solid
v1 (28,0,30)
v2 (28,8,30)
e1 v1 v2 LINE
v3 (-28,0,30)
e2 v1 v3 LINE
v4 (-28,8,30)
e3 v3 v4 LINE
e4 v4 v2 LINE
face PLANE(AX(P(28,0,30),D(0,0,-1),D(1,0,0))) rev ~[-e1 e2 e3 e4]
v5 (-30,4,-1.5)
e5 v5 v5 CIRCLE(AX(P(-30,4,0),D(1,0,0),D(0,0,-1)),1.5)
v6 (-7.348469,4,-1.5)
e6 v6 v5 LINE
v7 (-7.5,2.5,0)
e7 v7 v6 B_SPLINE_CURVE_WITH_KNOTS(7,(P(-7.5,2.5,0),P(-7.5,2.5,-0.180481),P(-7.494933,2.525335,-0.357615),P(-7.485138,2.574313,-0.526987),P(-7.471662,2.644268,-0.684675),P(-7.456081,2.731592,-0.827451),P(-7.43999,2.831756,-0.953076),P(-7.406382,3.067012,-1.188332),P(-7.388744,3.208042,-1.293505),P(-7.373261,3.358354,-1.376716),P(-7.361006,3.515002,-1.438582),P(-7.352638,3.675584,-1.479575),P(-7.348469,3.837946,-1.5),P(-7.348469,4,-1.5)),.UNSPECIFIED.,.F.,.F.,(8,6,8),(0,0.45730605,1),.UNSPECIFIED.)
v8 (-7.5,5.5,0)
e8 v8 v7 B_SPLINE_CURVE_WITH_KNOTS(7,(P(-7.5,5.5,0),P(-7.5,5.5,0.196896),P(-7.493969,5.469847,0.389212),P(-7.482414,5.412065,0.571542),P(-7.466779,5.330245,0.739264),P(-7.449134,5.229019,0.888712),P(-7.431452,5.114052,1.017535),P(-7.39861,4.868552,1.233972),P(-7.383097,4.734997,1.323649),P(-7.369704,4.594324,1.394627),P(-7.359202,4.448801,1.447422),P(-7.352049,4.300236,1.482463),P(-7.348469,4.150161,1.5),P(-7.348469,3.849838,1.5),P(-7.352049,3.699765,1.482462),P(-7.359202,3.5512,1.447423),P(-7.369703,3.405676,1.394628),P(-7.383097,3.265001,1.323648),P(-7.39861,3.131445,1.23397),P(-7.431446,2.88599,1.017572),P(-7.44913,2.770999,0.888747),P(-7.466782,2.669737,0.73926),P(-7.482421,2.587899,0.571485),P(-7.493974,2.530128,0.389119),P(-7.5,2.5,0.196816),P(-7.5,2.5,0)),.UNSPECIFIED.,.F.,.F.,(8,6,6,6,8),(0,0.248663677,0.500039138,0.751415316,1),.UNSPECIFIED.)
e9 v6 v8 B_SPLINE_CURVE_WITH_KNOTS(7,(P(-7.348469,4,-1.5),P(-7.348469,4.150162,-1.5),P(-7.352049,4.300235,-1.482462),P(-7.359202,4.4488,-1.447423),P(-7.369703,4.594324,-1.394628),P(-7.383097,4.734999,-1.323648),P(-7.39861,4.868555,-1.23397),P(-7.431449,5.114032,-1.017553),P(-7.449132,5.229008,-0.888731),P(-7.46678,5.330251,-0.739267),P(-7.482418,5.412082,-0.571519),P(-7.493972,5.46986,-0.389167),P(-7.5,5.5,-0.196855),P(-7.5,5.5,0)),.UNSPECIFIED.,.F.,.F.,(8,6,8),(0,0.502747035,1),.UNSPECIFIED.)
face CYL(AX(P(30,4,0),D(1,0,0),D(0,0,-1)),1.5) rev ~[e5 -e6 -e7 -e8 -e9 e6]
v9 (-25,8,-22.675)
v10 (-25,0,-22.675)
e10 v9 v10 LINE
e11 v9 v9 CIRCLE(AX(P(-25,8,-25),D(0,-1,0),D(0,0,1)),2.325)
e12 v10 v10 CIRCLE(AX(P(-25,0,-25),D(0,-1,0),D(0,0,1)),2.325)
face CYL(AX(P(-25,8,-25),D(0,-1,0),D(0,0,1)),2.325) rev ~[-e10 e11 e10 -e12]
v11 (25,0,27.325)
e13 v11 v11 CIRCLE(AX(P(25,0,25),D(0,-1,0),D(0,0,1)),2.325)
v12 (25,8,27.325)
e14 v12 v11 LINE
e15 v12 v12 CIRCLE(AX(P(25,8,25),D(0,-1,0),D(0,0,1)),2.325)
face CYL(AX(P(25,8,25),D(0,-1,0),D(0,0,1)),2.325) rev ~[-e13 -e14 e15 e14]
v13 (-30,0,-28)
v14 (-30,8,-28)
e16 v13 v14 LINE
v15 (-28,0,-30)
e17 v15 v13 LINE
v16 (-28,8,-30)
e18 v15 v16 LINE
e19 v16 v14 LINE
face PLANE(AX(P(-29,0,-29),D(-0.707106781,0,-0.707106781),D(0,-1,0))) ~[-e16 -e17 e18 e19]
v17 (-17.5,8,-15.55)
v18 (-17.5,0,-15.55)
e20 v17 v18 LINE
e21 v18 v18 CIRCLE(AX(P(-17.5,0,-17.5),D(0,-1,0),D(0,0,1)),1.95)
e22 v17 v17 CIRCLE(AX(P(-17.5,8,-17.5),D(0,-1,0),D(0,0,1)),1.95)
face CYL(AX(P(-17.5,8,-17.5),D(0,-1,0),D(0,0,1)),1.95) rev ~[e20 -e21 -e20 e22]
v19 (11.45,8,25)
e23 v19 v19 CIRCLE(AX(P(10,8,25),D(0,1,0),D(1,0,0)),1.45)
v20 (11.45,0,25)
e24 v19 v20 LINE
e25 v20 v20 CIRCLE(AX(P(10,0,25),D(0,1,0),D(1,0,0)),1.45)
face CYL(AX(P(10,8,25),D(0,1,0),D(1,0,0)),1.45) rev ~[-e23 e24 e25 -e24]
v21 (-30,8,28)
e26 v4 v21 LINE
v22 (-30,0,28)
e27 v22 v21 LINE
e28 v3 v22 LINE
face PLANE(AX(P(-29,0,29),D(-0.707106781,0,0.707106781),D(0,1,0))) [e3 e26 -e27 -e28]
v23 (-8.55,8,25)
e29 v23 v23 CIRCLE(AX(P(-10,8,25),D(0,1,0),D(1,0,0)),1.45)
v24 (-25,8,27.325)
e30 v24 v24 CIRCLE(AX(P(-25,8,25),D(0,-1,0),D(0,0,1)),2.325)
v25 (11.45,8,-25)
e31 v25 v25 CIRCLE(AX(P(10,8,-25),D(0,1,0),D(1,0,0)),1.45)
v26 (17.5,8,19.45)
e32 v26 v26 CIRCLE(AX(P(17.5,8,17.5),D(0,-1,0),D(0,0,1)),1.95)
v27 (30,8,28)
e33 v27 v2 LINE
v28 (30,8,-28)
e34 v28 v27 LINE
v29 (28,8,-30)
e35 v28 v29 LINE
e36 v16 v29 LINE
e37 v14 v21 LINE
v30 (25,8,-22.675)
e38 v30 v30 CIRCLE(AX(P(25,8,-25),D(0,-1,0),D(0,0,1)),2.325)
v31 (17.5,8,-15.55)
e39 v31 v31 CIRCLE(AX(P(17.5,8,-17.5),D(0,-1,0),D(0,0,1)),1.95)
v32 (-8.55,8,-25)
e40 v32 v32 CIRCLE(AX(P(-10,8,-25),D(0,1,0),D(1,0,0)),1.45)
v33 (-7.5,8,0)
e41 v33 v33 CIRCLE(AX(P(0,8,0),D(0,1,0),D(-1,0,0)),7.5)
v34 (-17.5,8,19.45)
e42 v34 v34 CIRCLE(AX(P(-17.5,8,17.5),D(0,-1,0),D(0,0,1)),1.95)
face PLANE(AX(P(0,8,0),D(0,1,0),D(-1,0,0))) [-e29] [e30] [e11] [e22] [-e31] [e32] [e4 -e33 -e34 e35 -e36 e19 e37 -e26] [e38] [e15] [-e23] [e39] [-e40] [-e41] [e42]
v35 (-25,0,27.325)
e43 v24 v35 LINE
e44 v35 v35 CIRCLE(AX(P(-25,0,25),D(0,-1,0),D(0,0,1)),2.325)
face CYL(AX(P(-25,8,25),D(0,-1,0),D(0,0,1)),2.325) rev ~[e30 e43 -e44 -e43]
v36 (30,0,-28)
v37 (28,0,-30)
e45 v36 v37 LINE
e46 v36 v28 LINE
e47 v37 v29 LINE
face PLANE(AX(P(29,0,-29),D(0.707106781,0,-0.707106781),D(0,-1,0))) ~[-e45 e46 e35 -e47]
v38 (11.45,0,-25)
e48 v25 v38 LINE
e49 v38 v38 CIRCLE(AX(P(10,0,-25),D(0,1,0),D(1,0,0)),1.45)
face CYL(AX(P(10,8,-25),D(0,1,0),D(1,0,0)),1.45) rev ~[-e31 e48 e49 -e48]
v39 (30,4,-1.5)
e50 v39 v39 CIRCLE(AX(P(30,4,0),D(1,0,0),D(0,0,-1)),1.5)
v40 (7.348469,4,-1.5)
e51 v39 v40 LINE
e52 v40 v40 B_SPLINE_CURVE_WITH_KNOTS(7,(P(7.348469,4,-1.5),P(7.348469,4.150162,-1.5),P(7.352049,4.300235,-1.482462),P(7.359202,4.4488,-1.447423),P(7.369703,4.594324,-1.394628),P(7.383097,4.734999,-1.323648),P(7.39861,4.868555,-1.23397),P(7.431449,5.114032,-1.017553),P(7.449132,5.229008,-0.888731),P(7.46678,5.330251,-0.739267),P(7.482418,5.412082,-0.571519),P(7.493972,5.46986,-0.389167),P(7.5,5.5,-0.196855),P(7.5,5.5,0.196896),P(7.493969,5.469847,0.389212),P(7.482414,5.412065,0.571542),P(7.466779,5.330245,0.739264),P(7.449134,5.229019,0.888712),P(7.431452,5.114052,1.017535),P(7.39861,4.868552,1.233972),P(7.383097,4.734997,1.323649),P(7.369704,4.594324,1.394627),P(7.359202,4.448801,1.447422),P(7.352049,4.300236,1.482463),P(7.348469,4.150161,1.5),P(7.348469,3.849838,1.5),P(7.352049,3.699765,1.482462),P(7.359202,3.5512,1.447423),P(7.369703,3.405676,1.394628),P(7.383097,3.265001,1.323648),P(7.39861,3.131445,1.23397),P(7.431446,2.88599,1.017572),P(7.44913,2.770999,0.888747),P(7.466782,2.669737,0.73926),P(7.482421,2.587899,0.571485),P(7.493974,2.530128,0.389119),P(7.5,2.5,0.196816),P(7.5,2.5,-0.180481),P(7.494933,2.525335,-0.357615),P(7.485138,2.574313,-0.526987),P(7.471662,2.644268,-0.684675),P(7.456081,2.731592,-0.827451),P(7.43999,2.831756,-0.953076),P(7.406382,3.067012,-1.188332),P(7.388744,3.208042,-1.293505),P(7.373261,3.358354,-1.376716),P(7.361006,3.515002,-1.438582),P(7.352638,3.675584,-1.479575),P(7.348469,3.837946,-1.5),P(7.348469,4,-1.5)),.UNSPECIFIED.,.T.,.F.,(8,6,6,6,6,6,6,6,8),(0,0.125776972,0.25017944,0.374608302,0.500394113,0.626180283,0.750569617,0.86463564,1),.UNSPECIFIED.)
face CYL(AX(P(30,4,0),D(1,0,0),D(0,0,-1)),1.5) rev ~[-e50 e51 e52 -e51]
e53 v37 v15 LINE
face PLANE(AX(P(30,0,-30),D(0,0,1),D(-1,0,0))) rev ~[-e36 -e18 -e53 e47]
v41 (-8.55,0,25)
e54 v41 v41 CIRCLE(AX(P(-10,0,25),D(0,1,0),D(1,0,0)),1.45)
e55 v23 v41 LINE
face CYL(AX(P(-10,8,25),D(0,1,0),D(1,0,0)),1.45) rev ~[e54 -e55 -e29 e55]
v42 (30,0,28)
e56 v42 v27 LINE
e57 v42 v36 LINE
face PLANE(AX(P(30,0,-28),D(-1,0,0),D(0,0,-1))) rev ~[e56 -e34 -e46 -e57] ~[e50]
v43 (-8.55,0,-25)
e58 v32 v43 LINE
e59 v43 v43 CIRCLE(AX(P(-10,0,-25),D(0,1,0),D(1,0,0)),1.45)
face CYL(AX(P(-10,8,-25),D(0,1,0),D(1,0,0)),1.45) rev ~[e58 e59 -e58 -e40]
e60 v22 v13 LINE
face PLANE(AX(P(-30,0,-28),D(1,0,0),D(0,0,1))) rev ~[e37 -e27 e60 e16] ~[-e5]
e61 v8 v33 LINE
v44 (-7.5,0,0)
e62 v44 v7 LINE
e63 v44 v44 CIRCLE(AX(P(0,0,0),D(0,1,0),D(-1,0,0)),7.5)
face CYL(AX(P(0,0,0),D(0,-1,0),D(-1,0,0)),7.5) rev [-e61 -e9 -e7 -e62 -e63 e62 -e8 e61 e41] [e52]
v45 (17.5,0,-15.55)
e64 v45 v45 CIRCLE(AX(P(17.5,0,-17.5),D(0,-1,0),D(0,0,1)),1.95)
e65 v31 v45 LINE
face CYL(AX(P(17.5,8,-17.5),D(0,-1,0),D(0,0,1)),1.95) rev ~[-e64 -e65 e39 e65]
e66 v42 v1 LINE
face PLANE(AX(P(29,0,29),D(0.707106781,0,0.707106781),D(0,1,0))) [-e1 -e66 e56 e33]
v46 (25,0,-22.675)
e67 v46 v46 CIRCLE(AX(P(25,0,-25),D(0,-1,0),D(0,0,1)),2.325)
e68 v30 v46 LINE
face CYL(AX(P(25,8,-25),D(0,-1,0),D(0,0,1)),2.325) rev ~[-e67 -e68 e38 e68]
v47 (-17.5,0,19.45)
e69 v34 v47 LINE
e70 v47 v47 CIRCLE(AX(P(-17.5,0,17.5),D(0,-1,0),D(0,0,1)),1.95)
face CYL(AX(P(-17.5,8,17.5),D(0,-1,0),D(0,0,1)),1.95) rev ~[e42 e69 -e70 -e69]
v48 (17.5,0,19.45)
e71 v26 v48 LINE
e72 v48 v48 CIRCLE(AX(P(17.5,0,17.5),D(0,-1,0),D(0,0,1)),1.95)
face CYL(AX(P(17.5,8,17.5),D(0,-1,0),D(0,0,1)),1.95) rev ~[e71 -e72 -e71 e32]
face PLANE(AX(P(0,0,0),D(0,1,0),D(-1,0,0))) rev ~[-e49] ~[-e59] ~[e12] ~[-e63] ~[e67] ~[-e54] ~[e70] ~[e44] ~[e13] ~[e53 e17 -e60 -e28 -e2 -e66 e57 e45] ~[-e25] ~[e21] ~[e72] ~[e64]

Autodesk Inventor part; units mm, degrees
ref_plane "YZ Plane" through (0, 0, 0) normal (1, 0, 0) x (0, 1, 0)
ref_plane "XZ Plane" through (0, 0, 0) normal (0, 1, 0) x (-1, 0, 0)
ref_plane "XY Plane" through (0, 0, 0) normal (0, 0, 1) x (1, 0, 0)
sketch "Sketch1" plane through (0, 0, 0) normal (0, 1, 0) x (-1, 0, 0)
  line L0 (-30, -30) -> (30, -30)
  line L1 (30, -30) -> (30, 30)
  line L2 (30, 30) -> (-30, 30)
  line L3 (-30, 30) -> (-30, -30)
  line L4 (-30, -30) -> (30, 30) construction
  line L5 (30, -30) -> (-30, 30) construction
  circle A0 centre (0, 0) radius 7.5
  circle A1 centre (-25, 25) radius 1.95 projected
  circle A2 centre (0, 25) radius 1.95 projected
  circle A3 centre (0, 25) radius 1.95 projected
  circle A4 centre (25, 0) radius 1.95 projected
  circle A5 centre (25, -25) radius 1.95 projected
  circle A6 centre (-25, 25) radius 1.95 projected
  circle A7 centre (-25, -25) radius 1.95 projected
  circle A8 centre (25, 25) radius 1.95 projected
  circle A9 centre (-25, 0) radius 1.95 projected
  circle A10 centre (0, -25) radius 1.95 projected
  line L6 (28, 30) -> (30, 28) projected
  line L7 (30, 28) -> (30, -28) projected
  line L8 (30, -28) -> (28, -30) projected
  line L9 (28, -30) -> (-28, -30) projected
  line L10 (-28, -30) -> (-30, -28) projected
  line L11 (-30, -28) -> (-30, 28) projected
  line L12 (-30, 28) -> (-28, 30) projected
  line L13 (-28, 30) -> (28, 30) projected
  dimension "d0" = 60
  dimension "d1" = 60
  dimension "d13" = 15
extrude "Extrusion1" add sketch "Sketch1" along normal blind 8 contours L3 L10 L0 | L10 L3 L12 L2 L6 L1 L8 L0 | L8 L1 L0 | L3 L2 L12 | L6 L2 L1 | A1 | A2 | A4 | A5 | A7 | A8 | A9 | A10
sketch "Sketch2" plane through (0, 8, 0) normal (0, 1, 0) x (1, 0, 0)
  line L0 (30, 30) -> (-30, 30) projected
  line L1 (-30, 30) -> (-30, -30) projected
  line L2 (-30, -30) -> (30, -30) projected
  line L3 (30, -30) -> (30, 30) projected
  line L4 (17.5, -17.5) -> (-17.5, -17.5)
  line L5 (-17.5, -17.5) -> (-17.5, 17.5)
  line L6 (-17.5, 17.5) -> (17.5, 17.5)
  line L7 (17.5, 17.5) -> (17.5, -17.5)
  line L8 (17.5, -17.5) -> (-17.5, 17.5) construction
  line L9 (-17.5, -17.5) -> (17.5, 17.5) construction
  line L10 (0, -17.5) -> (0, 17.5)
  line L11 (-17.5, 0) -> (17.5, 0)
  point P0 (0, 0)
  dimension "d4" = 35
  dimension "d5" = 35
hole "Hole1" at (-17.5, 8, 17.5) at (-17.5, 8, -17.5) at (17.5, 8, -17.5) at (17.5, 8, 17.5) direction (0, -1, 0) diameter 3.9 depth 10 tip angle 118
chamfer "Chamfer1" distance 2 angle 45 4 edges at (30, 4, 30) (30, 4, -30) (-30, 4, -30) (-30, 4, 30)
sketch "Sketch3" plane through (0, 8, 0) normal (0, 1, 0) x (1, 0, 0)
  line L0 (-28, -30) -> (-30, -28) projected
  line L1 (-28, -30) -> (28, -30) projected
  line L2 (30, -28) -> (28, -30) projected
  line L3 (30, -28) -> (30, 28) projected
  line L4 (28, 30) -> (30, 28) projected
  line L5 (28, 30) -> (-28, 30) projected
  line L6 (-30, 28) -> (-28, 30) projected
  line L7 (-30, 28) -> (-30, -28) projected
  circle A0 centre (17.5, 17.5) radius 1.95 projected
  circle A1 centre (-17.5, -17.5) radius 1.95 projected
  circle A2 centre (-17.5, 17.5) radius 1.95 projected
  circle A3 centre (17.5, -17.5) radius 1.95 projected
  circle A4 centre (0, 0) radius 7.5 projected
  line L8 (25, -25) -> (-25, -25)
  line L9 (-25, -25) -> (-25, 25)
  line L10 (-25, 25) -> (25, 25)
  line L11 (25, 25) -> (25, -25)
  line L12 (25, -25) -> (-25, 25) construction
  line L13 (-25, -25) -> (25, 25) construction
  dimension "d17" = 50
  dimension "d18" = 50
hole "Hole2" at (-25, 8, -25) at (25, 8, -25) at (25, 8, 25) at (-25, 8, 25) direction (0, -1, 0) diameter 4.65 end through all
sketch "Sketch4" plane through (30, 0, 28) normal (1, 0, 0) x (0, 0, -1)
  line L0 (56, 8) -> (56, 0) projected
  line L1 (0, 8) -> (56, 8) projected
  line L2 (0, 0) -> (0, 8) projected
  line L3 (0, 0) -> (56, 0) projected
  circle A0 centre (28, 4) radius 1.5
  line L4 (-2, 8) -> (-2, 0) projected
  point P0 (28, 0)
  dimension "d26" = 3
  dimension "d27" = 4
  dimension "d28" = 30
extrude "Extrusion2" cut sketch "Sketch4" against normal through all contours A0
sketch "Sketch5" plane through (0, 8, 0) normal (0, 1, 0) x (1, 0, 0)
  circle A0 centre (25, -25) radius 2.325 projected
  circle A1 centre (-25, -25) radius 2.325 projected
  circle A2 centre (25, 25) radius 2.325 projected
  circle A3 centre (-25, 25) radius 2.325 projected
  circle A4 centre (10, -25) radius 1.45
  circle A5 centre (-10, -25) radius 1.45
  circle A6 centre (10, 25) radius 1.45
  circle A7 centre (-10, 25) radius 1.45
  point P0 (0, 0)
  dimension "d31" = 2.9
  dimension "d32" = 2.9
  dimension "d33" = 15
  dimension "d34" = 15
  dimension "d35" = 2.9
  dimension "d36" = 2.9
extrude "Extrusion3" cut sketch "Sketch5" against normal blind 10 contours A4 | A5 | A6 | A7
properties part number "00_XY_stage-CHUO_SEIKI_LD-647-R1-Top"
